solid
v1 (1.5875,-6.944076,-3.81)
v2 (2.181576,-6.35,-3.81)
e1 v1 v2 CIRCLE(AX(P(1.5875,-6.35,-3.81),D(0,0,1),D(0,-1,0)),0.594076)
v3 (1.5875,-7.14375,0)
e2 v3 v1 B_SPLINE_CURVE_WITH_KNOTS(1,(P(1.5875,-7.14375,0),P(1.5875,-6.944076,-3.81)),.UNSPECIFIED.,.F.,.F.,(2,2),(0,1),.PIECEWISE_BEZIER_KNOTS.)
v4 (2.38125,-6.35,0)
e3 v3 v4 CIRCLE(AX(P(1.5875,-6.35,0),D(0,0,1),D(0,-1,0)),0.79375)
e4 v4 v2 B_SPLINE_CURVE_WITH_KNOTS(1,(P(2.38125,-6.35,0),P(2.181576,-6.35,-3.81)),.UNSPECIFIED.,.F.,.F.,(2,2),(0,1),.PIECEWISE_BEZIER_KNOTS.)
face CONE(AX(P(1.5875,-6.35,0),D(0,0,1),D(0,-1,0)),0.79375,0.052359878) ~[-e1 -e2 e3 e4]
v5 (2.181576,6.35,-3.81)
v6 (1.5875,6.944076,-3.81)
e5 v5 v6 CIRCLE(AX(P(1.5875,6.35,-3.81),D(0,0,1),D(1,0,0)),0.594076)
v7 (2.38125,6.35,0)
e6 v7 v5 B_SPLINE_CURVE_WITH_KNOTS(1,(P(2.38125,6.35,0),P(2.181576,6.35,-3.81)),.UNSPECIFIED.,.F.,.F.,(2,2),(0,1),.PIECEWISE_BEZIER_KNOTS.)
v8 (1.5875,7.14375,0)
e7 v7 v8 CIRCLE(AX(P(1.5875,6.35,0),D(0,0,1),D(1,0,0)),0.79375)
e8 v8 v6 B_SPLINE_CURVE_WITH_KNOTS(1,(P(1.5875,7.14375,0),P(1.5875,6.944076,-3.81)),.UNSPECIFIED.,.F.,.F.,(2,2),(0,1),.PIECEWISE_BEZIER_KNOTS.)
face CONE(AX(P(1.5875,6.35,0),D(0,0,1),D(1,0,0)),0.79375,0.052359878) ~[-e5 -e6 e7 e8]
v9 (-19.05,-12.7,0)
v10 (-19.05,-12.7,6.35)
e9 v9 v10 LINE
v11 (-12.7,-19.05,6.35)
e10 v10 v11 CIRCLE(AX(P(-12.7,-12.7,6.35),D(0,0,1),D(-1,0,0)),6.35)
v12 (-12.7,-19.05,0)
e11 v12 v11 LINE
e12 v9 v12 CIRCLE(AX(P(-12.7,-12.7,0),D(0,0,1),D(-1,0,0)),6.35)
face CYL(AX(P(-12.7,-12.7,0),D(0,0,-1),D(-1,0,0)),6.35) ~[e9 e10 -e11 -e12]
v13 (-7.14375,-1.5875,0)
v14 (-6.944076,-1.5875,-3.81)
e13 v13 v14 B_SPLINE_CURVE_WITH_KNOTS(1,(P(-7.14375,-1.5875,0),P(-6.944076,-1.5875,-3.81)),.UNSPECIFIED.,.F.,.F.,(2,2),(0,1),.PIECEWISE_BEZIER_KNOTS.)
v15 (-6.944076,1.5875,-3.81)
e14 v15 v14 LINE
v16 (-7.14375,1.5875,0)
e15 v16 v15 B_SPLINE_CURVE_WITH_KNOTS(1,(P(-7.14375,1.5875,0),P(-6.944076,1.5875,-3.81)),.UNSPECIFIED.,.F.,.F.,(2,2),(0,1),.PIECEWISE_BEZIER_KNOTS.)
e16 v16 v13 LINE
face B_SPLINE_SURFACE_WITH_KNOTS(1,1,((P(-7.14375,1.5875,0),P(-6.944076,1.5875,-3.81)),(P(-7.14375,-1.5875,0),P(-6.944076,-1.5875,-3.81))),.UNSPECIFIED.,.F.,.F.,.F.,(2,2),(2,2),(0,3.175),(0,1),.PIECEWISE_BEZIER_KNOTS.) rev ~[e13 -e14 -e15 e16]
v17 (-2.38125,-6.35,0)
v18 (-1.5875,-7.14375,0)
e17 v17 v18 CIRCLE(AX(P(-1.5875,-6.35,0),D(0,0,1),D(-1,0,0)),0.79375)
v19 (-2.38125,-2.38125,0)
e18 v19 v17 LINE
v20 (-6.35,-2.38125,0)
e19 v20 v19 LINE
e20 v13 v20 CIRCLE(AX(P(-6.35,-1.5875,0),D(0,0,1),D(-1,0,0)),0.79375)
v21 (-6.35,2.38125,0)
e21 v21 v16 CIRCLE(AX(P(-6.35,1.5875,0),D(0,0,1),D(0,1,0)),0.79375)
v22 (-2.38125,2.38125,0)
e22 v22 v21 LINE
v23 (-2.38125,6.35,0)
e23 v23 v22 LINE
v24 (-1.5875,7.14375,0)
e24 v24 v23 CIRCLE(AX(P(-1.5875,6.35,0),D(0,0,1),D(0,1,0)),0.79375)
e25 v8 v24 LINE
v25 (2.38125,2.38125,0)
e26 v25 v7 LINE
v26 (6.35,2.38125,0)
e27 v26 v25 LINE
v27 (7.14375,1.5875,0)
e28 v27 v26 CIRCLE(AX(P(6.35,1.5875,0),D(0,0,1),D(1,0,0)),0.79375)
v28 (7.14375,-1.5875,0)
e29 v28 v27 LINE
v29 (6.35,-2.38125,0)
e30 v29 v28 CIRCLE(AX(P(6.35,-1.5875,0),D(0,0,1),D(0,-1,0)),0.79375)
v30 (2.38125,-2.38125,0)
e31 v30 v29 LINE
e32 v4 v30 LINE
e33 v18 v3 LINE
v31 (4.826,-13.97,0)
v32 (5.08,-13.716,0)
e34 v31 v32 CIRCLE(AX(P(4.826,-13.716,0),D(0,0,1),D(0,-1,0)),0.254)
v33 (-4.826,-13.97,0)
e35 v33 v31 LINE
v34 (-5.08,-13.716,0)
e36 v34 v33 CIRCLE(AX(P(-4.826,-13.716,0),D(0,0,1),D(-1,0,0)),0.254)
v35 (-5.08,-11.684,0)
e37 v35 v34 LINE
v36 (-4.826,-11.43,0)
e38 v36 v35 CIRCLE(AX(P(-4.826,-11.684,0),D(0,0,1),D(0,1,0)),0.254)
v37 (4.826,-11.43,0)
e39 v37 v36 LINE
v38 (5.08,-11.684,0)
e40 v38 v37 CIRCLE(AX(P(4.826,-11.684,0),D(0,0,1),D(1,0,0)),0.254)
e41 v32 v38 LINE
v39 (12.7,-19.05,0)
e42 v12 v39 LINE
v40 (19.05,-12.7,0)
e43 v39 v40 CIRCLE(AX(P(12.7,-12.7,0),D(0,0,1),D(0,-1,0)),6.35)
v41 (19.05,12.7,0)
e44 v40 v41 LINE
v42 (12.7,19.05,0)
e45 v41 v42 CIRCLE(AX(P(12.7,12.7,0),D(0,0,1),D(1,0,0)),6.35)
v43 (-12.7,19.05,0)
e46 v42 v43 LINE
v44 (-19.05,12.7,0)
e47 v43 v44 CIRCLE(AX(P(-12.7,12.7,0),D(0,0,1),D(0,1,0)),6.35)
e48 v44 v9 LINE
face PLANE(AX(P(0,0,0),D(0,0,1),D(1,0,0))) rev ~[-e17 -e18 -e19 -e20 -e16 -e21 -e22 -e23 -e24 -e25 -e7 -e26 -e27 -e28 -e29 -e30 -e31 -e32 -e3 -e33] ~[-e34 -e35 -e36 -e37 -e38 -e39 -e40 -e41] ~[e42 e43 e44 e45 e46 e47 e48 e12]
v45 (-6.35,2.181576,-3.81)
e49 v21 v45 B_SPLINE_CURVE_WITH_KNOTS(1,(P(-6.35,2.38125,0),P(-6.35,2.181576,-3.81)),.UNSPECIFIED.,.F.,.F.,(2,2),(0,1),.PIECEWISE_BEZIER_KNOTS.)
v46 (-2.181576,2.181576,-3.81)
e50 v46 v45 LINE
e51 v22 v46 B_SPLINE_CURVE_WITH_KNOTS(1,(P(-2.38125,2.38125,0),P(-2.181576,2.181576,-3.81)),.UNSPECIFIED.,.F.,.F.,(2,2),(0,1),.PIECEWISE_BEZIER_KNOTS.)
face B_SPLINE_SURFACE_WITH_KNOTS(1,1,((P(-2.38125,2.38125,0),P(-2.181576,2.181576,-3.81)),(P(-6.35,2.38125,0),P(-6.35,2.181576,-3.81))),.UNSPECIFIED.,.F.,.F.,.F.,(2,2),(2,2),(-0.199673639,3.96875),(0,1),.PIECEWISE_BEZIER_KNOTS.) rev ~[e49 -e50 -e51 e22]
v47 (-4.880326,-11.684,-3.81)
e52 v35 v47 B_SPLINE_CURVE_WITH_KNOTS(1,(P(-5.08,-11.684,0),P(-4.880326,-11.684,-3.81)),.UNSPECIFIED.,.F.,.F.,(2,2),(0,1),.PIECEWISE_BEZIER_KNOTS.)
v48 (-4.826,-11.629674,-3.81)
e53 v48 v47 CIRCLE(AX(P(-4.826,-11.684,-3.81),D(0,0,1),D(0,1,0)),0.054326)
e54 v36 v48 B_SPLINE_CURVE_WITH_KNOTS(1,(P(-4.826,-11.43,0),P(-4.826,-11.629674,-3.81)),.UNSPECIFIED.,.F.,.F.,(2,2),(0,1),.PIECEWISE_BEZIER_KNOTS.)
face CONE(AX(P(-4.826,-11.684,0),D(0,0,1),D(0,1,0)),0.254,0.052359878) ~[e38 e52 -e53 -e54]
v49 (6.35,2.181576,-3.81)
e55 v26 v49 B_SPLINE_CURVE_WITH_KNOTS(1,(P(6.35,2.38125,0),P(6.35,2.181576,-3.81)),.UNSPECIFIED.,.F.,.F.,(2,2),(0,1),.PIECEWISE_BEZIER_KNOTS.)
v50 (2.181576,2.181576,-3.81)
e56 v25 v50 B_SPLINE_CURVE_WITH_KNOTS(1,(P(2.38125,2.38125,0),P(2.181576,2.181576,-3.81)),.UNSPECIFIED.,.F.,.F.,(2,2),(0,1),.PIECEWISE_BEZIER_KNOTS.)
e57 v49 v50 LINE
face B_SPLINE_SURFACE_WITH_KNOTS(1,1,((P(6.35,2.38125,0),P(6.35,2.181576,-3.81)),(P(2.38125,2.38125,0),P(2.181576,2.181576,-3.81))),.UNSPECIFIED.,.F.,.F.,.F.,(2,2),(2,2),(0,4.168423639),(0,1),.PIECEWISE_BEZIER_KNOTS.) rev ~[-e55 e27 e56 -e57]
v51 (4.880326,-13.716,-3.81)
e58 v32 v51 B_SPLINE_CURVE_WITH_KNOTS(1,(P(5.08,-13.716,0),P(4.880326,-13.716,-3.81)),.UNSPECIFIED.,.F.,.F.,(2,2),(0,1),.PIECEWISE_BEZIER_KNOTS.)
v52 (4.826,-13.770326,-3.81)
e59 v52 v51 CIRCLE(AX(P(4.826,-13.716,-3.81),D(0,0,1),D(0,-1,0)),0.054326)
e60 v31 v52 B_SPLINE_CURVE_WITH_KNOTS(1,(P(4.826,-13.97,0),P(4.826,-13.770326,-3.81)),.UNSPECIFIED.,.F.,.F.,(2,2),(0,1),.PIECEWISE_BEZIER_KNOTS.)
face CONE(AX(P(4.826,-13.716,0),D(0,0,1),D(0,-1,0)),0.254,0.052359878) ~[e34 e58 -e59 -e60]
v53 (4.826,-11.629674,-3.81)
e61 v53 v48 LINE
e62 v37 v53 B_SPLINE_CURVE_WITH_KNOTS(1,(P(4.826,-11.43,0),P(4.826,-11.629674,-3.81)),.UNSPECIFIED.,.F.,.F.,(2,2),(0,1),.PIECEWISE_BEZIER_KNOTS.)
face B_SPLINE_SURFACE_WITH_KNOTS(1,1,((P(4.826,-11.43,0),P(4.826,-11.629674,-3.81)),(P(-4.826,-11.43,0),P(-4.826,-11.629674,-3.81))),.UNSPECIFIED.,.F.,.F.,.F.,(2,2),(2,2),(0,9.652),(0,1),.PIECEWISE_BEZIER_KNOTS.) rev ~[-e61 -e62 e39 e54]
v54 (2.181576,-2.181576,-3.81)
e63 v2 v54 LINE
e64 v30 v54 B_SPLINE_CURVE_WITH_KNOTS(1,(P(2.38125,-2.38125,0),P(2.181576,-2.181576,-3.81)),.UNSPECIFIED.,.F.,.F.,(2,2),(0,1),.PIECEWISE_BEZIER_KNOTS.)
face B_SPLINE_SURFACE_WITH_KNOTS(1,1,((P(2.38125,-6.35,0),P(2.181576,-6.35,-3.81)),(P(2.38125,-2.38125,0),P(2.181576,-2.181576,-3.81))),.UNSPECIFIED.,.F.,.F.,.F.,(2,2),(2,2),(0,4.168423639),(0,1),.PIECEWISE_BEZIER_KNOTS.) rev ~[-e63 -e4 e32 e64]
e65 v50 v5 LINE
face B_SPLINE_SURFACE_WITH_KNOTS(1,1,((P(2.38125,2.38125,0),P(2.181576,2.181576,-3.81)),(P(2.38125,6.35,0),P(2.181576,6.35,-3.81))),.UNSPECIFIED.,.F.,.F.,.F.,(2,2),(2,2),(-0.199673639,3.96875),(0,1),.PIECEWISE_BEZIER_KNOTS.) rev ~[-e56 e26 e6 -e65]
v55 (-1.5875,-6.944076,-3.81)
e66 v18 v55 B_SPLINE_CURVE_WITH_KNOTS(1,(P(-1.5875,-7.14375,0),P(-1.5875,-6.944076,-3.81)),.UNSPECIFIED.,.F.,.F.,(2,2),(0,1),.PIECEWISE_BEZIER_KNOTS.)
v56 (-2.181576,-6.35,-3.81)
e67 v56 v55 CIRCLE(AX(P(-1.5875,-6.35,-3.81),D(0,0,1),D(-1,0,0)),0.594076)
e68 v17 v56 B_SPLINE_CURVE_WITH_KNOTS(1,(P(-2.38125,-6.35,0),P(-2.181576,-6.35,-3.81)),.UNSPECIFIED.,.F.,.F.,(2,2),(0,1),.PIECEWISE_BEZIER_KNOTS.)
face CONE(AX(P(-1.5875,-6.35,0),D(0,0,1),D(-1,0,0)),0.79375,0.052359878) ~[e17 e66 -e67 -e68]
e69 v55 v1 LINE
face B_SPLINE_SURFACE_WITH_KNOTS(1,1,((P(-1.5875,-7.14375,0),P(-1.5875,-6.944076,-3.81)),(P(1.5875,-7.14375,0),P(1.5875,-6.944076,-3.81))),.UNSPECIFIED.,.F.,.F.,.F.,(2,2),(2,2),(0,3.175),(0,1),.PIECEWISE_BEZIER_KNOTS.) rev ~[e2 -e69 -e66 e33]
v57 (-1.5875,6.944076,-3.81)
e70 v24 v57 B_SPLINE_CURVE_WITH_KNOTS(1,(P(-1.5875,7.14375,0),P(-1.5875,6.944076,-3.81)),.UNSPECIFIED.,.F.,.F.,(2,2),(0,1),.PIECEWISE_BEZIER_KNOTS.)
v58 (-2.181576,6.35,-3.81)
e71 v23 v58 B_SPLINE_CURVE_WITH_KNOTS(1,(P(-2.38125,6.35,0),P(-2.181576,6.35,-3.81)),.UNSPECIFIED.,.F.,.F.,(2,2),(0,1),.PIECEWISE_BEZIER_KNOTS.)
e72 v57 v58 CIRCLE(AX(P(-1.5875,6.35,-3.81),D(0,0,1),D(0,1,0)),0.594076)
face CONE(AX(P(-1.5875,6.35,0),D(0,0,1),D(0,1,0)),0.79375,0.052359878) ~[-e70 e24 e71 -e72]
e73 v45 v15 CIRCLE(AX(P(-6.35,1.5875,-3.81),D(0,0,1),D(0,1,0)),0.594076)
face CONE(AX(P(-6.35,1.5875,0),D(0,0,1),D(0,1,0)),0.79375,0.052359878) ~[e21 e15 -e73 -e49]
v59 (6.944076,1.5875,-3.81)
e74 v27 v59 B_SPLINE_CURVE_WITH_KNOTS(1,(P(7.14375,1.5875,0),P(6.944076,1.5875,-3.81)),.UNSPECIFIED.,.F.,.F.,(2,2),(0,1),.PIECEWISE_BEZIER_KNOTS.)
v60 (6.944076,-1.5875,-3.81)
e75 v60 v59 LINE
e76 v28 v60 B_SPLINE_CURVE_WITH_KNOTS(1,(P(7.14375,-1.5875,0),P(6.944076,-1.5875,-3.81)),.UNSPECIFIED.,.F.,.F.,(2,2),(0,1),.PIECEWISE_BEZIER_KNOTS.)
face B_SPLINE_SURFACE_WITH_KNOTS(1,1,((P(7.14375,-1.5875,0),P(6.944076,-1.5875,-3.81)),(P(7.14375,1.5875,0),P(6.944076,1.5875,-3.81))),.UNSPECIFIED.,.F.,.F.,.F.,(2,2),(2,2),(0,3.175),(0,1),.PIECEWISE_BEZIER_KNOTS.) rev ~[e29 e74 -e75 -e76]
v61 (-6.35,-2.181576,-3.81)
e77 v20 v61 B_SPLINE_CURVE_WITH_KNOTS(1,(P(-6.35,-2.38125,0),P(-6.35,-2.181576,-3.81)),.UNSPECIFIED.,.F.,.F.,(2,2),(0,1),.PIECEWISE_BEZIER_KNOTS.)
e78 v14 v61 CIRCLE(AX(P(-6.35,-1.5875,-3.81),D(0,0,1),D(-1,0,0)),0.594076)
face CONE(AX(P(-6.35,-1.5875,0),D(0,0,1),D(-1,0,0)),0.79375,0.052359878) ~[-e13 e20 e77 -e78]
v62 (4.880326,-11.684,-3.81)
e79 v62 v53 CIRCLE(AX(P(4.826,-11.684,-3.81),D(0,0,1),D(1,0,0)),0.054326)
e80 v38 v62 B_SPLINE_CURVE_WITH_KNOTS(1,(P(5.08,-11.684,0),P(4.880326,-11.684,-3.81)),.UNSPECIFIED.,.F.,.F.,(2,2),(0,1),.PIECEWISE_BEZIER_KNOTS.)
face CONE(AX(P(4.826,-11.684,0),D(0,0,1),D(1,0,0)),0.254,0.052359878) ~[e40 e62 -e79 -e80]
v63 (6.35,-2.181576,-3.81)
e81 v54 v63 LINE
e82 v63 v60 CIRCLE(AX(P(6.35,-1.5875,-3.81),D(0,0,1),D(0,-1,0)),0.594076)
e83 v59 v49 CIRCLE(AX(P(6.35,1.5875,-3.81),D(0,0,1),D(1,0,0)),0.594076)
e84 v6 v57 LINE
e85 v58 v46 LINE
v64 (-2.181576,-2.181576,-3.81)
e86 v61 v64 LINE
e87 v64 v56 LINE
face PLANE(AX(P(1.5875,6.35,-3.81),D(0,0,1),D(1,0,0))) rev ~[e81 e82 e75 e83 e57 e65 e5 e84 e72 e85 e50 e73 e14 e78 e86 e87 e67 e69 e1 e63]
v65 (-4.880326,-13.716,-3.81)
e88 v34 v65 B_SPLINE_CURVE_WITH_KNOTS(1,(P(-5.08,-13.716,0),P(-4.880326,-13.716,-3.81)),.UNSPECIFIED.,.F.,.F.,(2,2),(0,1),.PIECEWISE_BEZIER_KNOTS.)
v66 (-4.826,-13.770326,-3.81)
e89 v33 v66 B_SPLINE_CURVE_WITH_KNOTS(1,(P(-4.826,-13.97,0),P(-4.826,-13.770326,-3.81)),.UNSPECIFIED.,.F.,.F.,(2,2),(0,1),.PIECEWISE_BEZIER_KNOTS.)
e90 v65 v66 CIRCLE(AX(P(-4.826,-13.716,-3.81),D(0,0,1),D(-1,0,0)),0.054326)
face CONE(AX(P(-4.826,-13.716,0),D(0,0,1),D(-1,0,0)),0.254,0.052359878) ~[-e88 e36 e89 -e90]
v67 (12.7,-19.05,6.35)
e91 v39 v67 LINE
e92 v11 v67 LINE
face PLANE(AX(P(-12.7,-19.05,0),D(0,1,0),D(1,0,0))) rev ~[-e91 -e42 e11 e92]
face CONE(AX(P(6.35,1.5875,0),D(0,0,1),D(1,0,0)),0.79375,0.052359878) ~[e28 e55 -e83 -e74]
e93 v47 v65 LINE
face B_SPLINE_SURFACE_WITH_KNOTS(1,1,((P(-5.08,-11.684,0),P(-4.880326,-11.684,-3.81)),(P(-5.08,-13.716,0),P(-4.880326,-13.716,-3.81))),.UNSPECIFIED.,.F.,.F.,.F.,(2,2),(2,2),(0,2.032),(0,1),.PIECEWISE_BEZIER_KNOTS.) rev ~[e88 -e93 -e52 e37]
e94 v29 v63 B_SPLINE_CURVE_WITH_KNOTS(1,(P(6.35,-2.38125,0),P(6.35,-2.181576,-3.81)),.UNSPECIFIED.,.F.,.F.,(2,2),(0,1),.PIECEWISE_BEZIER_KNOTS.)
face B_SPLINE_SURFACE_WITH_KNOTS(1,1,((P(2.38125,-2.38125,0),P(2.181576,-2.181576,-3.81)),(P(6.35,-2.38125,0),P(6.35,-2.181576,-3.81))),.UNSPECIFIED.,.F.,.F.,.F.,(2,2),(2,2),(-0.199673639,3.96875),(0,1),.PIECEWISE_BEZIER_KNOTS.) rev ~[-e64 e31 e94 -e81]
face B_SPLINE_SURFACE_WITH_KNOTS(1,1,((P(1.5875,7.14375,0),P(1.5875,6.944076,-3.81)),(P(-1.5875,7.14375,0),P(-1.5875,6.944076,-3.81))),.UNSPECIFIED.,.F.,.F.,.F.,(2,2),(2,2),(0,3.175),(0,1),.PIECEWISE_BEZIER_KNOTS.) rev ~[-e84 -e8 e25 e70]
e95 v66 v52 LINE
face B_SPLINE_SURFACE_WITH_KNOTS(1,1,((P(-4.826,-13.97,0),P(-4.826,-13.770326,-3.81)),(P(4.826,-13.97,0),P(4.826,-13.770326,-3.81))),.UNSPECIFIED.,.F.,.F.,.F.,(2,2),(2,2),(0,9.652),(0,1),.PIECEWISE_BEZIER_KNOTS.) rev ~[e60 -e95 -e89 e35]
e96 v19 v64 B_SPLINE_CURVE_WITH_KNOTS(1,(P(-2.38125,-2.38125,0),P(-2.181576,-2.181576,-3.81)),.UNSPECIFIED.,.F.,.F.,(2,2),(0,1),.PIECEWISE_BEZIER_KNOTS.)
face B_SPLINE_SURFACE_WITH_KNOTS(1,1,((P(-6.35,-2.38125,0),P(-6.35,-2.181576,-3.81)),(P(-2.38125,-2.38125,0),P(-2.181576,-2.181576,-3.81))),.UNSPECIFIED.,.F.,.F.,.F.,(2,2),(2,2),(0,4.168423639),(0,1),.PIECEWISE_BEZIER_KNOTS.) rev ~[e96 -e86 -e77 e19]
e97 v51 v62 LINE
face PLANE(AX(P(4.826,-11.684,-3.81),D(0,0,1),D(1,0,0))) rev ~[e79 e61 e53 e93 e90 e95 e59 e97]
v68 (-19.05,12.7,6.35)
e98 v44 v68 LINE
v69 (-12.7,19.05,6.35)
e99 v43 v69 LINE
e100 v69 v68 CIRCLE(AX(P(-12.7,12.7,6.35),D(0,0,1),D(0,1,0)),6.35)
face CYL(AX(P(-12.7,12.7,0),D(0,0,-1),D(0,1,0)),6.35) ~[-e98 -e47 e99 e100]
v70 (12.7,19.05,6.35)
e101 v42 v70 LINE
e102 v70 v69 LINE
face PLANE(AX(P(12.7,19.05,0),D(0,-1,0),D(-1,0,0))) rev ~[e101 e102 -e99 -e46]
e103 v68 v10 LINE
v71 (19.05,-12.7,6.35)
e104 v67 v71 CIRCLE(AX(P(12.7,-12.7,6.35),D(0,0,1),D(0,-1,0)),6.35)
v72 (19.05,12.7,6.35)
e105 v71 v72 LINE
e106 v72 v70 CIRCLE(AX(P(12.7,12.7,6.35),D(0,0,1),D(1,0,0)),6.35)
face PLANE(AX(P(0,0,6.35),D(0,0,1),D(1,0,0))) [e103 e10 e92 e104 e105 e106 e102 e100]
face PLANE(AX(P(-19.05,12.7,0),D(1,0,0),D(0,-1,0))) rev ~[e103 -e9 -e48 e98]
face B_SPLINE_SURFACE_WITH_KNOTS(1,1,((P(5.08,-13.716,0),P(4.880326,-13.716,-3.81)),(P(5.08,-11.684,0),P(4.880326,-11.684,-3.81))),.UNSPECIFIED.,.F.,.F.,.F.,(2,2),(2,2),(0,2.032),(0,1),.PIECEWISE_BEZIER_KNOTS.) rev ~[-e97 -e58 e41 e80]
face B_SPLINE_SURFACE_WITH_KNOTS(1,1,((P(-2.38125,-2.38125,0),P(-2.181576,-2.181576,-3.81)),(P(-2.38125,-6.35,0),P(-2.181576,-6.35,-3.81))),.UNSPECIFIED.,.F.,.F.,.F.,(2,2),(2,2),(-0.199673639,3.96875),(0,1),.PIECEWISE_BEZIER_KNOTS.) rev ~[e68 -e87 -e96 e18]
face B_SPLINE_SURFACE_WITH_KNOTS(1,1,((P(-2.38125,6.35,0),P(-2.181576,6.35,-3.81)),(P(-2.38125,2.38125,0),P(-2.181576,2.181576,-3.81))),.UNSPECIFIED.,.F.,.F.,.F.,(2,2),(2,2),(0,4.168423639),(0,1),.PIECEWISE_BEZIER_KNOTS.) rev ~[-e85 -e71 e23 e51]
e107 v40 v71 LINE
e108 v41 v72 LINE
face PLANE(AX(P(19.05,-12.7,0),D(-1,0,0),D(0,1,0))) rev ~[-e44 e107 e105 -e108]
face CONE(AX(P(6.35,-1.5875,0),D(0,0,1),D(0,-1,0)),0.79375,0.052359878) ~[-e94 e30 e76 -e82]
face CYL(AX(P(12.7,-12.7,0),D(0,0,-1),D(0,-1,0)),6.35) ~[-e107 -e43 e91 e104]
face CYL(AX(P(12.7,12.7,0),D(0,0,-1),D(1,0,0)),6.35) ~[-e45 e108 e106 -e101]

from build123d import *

# Parameters (mm, degrees)
F1_DEPTH = 6.35
F3_DEPTH = 3.81
F3_TAPER = 3


with BuildPart() as f1:
    # F0 (on Top) → F1 (new body)
    with BuildSketch(Plane.XY):
        with BuildLine():
            Line((12.7, 19.05), (-12.7, 19.05))
            ThreePointArc((-12.7, 19.05), (-17.1901280605, 17.1901280605), (-19.05, 12.7))
            Line((-19.05, 12.7), (-19.05, -12.7))
            ThreePointArc((-19.05, -12.7), (-17.1901280605, -17.1901280605), (-12.7, -19.05))
            Line((-12.7, -19.05), (12.7, -19.05))
            ThreePointArc((12.7, -19.05), (17.1901280605, -17.1901280605), (19.05, -12.7))
            Line((19.05, -12.7), (19.05, 12.7))
            ThreePointArc((19.05, 12.7), (17.1901280605, 17.1901280605), (12.7, 19.05))
        make_face()
    extrude(amount=F1_DEPTH)

    # F2 (on Top) → F3 (join)
    with BuildSketch(Plane.XY):
        with BuildLine():
            ThreePointArc((2.38125, 6.35), (2.1487660076, 6.9112660076), (1.5875, 7.14375))
            Line((1.5875, 7.14375), (-1.5875, 7.14375))
            ThreePointArc((-1.5875, 7.14375), (-2.1487660076, 6.9112660076), (-2.38125, 6.35))
            Line((-2.38125, 6.35), (-2.38125, 2.38125))
            Line((-2.38125, 2.38125), (-6.35, 2.38125))
            ThreePointArc((-6.35, 2.38125), (-6.9112660076, 2.1487660076), (-7.14375, 1.5875))
            Line((-7.14375, 1.5875), (-7.14375, -1.5875))
            ThreePointArc((-7.14375, -1.5875), (-6.9112660076, -2.1487660076), (-6.35, -2.38125))
            Line((-6.35, -2.38125), (-2.38125, -2.38125))
            Line((-2.38125, -2.38125), (-2.38125, -6.35))
            ThreePointArc((-2.38125, -6.35), (-2.1487660076, -6.9112660076), (-1.5875, -7.14375))
            Line((-1.5875, -7.14375), (1.5875, -7.14375))
            ThreePointArc((1.5875, -7.14375), (2.1487660076, -6.9112660076), (2.38125, -6.35))
            Line((2.38125, -6.35), (2.38125, -2.38125))
            Line((2.38125, -2.38125), (6.35, -2.38125))
            ThreePointArc((6.35, -2.38125), (6.9112660076, -2.1487660076), (7.14375, -1.5875))
            Line((7.14375, -1.5875), (7.14375, 1.5875))
            ThreePointArc((7.14375, 1.5875), (6.9112660076, 2.1487660076), (6.35, 2.38125))
            Line((6.35, 2.38125), (2.38125, 2.38125))
            Line((2.38125, 2.38125), (2.38125, 6.35))
        make_face()
        with BuildLine():
            ThreePointArc((5.08, -11.684), (5.0056051224, -11.5043948776), (4.826, -11.43))
            Line((4.826, -11.43), (-4.826, -11.43))
            ThreePointArc((-4.826, -11.43), (-5.0056051224, -11.5043948776), (-5.08, -11.684))
            Line((-5.08, -11.684), (-5.08, -13.716))
            ThreePointArc((-5.08, -13.716), (-5.0056051224, -13.8956051224), (-4.826, -13.97))
            Line((-4.826, -13.97), (4.826, -13.97))
            ThreePointArc((4.826, -13.97), (5.0056051224, -13.8956051224), (5.08, -13.716))
            Line((5.08, -13.716), (5.08, -11.684))
        make_face()
    extrude(amount=-F3_DEPTH, taper=F3_TAPER)


solid = f1.part
